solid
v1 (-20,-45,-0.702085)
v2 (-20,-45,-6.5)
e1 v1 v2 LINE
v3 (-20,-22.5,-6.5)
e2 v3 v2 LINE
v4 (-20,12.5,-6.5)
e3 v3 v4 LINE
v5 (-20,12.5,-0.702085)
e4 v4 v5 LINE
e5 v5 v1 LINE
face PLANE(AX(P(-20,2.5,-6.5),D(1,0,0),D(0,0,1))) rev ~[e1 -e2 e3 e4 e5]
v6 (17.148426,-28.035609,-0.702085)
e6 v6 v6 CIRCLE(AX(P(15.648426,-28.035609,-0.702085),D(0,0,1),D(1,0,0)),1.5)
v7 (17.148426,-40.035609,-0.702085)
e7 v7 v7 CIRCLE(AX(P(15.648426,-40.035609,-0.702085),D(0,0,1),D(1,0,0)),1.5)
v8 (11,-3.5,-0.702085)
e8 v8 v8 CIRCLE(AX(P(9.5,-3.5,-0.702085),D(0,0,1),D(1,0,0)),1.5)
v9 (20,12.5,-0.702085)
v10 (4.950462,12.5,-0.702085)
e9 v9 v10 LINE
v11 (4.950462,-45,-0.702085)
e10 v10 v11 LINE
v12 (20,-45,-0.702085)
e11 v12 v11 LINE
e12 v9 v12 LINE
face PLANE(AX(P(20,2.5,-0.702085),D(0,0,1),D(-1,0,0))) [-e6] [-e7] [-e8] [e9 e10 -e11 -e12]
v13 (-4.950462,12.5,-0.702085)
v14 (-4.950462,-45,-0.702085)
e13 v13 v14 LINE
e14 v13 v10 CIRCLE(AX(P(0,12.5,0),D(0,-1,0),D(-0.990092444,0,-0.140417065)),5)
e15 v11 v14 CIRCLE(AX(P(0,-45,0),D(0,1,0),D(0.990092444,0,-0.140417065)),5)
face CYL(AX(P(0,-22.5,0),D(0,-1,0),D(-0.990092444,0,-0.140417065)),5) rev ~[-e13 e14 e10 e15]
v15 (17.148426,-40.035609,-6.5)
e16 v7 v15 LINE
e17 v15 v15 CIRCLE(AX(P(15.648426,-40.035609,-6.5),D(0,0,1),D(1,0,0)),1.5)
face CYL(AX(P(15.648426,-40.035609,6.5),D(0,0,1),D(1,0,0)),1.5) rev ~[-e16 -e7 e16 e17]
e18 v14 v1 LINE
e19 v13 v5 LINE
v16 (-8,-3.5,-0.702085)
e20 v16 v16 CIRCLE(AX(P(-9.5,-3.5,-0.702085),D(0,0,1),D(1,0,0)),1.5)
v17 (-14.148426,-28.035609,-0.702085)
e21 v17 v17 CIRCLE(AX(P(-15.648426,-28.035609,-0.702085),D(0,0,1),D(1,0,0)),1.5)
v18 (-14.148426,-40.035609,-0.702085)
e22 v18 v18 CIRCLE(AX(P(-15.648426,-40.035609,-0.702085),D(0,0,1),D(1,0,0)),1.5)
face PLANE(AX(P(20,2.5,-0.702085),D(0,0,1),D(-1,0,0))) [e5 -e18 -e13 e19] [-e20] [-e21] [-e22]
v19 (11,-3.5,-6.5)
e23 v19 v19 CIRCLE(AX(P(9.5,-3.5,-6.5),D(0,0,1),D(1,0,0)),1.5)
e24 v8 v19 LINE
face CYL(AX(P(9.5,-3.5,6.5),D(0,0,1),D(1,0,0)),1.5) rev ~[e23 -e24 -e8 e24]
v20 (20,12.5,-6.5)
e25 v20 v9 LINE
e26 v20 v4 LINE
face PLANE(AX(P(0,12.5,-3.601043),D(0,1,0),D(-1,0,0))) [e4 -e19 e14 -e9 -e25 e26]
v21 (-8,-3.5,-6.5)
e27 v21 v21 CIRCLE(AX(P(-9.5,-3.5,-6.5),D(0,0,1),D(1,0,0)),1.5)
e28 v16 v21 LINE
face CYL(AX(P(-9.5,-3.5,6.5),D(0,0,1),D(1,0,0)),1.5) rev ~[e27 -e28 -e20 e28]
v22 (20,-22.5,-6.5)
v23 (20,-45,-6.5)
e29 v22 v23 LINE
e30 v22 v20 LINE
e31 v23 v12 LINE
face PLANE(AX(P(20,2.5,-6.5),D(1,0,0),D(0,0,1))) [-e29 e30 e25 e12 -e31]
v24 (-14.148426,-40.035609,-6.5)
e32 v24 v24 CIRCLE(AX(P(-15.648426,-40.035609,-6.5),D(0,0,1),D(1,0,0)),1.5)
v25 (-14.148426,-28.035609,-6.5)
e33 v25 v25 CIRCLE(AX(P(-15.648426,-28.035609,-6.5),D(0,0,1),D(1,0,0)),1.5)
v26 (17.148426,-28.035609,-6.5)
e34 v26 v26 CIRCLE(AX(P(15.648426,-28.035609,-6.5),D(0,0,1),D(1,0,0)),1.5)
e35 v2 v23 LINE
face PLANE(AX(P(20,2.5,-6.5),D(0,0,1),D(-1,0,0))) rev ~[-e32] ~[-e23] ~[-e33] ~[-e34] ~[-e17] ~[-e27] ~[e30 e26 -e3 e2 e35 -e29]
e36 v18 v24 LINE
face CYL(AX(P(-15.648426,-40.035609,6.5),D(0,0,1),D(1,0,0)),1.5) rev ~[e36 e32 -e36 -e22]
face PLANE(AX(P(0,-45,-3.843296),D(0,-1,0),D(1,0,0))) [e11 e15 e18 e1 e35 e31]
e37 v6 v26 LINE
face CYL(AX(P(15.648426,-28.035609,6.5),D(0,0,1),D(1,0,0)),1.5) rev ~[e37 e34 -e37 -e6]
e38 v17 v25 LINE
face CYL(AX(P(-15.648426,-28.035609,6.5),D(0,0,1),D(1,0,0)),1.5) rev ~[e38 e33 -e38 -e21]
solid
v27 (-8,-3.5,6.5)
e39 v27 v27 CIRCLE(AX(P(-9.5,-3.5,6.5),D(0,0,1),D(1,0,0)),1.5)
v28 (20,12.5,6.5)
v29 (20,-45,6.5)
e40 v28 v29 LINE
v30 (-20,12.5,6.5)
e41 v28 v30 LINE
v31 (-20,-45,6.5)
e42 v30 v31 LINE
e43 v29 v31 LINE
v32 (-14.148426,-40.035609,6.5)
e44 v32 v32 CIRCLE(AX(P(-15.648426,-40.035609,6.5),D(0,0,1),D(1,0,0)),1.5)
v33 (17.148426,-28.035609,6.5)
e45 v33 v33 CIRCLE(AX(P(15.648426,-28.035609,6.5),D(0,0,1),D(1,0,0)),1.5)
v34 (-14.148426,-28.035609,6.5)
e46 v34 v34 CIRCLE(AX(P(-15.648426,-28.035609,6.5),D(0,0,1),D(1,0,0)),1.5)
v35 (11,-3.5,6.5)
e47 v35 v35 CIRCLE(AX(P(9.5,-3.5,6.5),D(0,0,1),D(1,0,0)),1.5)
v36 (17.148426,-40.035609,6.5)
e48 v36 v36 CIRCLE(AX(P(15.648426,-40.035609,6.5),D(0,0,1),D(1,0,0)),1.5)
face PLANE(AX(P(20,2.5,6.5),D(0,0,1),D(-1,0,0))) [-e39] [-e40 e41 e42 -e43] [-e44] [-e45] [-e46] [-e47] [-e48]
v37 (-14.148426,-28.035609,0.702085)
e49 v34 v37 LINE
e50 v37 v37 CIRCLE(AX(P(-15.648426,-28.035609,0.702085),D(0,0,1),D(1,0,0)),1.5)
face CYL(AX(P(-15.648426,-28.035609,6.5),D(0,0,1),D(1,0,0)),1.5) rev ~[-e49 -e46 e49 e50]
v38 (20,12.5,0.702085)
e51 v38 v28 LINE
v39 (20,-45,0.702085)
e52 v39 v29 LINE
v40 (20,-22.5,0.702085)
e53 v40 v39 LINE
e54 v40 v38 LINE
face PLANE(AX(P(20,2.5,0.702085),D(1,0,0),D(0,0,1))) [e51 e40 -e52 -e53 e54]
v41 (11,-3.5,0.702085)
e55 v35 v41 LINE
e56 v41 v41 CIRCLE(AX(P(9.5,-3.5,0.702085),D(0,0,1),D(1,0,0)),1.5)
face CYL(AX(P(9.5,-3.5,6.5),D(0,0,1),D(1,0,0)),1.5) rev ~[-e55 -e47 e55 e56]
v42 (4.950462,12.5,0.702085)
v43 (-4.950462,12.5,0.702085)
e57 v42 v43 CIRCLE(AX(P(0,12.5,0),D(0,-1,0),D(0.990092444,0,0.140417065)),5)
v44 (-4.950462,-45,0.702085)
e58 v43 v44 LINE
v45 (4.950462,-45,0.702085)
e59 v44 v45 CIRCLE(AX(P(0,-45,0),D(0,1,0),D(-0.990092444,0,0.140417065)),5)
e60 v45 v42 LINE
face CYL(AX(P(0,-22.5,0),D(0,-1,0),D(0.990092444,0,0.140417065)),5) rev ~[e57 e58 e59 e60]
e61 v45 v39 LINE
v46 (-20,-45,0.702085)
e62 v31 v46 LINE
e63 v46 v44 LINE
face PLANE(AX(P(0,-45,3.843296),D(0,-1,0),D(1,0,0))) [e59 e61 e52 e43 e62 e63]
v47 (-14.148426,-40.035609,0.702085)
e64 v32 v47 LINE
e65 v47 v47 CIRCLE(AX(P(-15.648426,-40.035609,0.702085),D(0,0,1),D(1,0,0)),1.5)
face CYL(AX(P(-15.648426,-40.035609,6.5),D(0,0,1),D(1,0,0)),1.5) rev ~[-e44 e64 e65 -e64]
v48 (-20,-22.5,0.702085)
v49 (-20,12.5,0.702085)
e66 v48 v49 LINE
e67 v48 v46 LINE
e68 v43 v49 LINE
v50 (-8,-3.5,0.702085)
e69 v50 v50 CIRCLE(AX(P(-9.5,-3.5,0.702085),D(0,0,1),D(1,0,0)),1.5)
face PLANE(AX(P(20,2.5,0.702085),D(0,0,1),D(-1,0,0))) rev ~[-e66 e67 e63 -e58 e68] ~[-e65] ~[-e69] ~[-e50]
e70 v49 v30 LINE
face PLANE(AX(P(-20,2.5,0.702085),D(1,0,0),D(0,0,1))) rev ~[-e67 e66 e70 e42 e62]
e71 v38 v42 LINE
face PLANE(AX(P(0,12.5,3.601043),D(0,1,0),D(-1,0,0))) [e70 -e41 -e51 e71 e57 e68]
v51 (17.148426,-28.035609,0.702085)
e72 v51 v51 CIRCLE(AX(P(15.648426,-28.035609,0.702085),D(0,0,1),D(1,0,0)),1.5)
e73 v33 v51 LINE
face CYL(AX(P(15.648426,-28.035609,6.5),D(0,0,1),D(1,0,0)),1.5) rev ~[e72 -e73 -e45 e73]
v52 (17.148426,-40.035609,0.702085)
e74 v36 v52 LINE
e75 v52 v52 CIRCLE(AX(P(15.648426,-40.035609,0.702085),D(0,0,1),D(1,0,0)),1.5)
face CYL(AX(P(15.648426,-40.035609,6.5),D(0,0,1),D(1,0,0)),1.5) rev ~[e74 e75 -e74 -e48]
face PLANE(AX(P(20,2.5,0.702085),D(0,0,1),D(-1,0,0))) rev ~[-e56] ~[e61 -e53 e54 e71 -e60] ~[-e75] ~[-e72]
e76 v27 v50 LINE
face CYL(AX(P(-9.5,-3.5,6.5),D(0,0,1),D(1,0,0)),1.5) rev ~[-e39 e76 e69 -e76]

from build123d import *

# Parameters (mm, degrees)
F1_DEPTH  = 45
F2_W      = 40
F2_H      = 22.5
F3_DEPTH  = 25
F4_W      = 40
F4_H      = 5.7979146773
F6_DEPTH  = 25
F5_W      = 40
F5_H      = 5.7979146773
F8_DEPTH  = 10
F9_R      = 1.5
F10_DEPTH = 25
F11_DEPTH = 56.4


with BuildPart() as f1:
    # F0 (on Front) → F1 (new body)
    with BuildSketch(Plane.XZ):
        with BuildLine():
            Line((-20, 6.5), (-20, 0.7020853227))
            Line((-20, 0.7020853227), (-4.9504622208, 0.7020853227))
            ThreePointArc((-4.9504622208, 0.7020853227), (0, 5), (4.9504622208, 0.7020853227))
            Line((4.9504622208, 0.7020853227), (20, 0.7020853227))
            Line((20, 0.7020853227), (20, 6.5))
            Line((20, 6.5), (-20, 6.5))
        make_face()
    extrude(amount=F1_DEPTH)


with BuildPart() as f1b:
    # F0 (on Front) → F1, piece 2 (new body)
    with BuildSketch(Plane.XZ):
        with BuildLine():
            ThreePointArc((4.9504622208, -0.7020853227), (0, -5), (-4.9504622208, -0.7020853227))
            Line((-4.9504622208, -0.7020853227), (-20, -0.7020853227))
            Line((-20, -0.7020853227), (-20, -6.5))
            Line((-20, -6.5), (20, -6.5))
            Line((20, -6.5), (20, -0.7020853227))
            Line((20, -0.7020853227), (4.9504622208, -0.7020853227))
        make_face()
    extrude(amount=F1_DEPTH)


with BuildPart() as f3_tool:
    # F2 (on face) → F3 (new body)
    with BuildSketch(Plane.XY.offset(6.5)):
        with Locations((0, -11.25)):
            Rectangle(F2_W, F2_H)
    extrude(amount=-F3_DEPTH)


with BuildPart() as f1_1:
    add(f1.part)

    # F3: cut by f3_tool
    add(f3_tool.part, mode=Mode.SUBTRACT)

    # F4 (on face) → F6 (join)
    with BuildSketch(Plane(origin=(0, -22.5, 0), x_dir=(-1, 0, 0), z_dir=(0, 1, 0))):
        with Locations((0, 3.6010426614)):
            Rectangle(F4_W, F4_H)
    extrude(amount=F6_DEPTH)

    # F7: union 

    # F8 (add): a face of the model
    f8_faces = [f1_1.faces().sort_by_distance(p)[0] for p in [
        (0, 2.5, 3.6010426614),
    ]]
    extrude(f8_faces, amount=F8_DEPTH)


with BuildPart() as f1b_1:
    add(f1b.part)

    # F3: cut by f3_tool
    add(f3_tool.part, mode=Mode.SUBTRACT)

    # F5 (on face) → F6, piece 2 (join)
    with BuildSketch(Plane(origin=(0, -22.5, 0), x_dir=(-1, 0, 0), z_dir=(0, 1, 0))):
        with Locations((0, -3.6010426614)):
            Rectangle(F5_W, F5_H)
    extrude(amount=F6_DEPTH)

    # F8#2 (add): a face of the model
    f8_2_faces = [f1b_1.faces().sort_by_distance(p)[0] for p in [
        (0, 2.5, -3.6010426614),
    ]]
    extrude(f8_2_faces, amount=F8_DEPTH)


with BuildPart() as f10_tool:
    # F9 (on face) → F10 (new body)
    with BuildSketch(Plane.XY.offset(6.5)):
        with Locations((-15.648426488, -40.0356091559)):
            Circle(F9_R)
        with Locations((-15.648426488, -28.0356091559)):
            Circle(F9_R)
        with Locations((15.648426488, -40.0356091559)):
            Circle(F9_R)
        with Locations((15.648426488, -28.0356091559)):
            Circle(F9_R)
        with Locations((9.5, -3.5)):
            Circle(F9_R)
        with Locations((-9.5, -3.5)):
            Circle(F9_R)
    extrude(amount=-F10_DEPTH)


with BuildPart() as f1_2:
    add(f1_1.part)

    # F10: cut by f10_tool
    add(f10_tool.part, mode=Mode.SUBTRACT)


with BuildPart() as f1b_2:
    add(f1b_1.part)

    # F10: cut by f10_tool
    add(f10_tool.part, mode=Mode.SUBTRACT)


with BuildPart() as f11_tool:
    # F6_face1 (on face) → F11 (new body)
    with BuildSketch(Plane(origin=(0, -22.5, 2.5062101444), x_dir=(-1, 0, 0), z_dir=(0, -1, 0))):
        with BuildLine():
            Line((4.9504622208, 1.8041248217), (-4.9504622208, 1.8041248217))
            ThreePointArc((-4.9504622208, 1.8041248217), (0, -2.4937898556), (4.9504622208, 1.8041248217))
        make_face()
        with BuildLine():
            ThreePointArc((4.9504622208, 3.2082954671), (0, 7.5062101444), (-4.9504622208, 3.2082954671))
            Line((-4.9504622208, 3.2082954671), (4.9504622208, 3.2082954671))
        make_face()
    extrude(amount=-F11_DEPTH)


with BuildPart() as f1_3:
    add(f1_2.part)

    # F11: cut by f11_tool
    add(f11_tool.part, mode=Mode.SUBTRACT)


with BuildPart() as f1b_3:
    add(f1b_2.part)

    # F11: cut by f11_tool
    add(f11_tool.part, mode=Mode.SUBTRACT)


solid = Compound([f1_3.part, f1b_3.part])
